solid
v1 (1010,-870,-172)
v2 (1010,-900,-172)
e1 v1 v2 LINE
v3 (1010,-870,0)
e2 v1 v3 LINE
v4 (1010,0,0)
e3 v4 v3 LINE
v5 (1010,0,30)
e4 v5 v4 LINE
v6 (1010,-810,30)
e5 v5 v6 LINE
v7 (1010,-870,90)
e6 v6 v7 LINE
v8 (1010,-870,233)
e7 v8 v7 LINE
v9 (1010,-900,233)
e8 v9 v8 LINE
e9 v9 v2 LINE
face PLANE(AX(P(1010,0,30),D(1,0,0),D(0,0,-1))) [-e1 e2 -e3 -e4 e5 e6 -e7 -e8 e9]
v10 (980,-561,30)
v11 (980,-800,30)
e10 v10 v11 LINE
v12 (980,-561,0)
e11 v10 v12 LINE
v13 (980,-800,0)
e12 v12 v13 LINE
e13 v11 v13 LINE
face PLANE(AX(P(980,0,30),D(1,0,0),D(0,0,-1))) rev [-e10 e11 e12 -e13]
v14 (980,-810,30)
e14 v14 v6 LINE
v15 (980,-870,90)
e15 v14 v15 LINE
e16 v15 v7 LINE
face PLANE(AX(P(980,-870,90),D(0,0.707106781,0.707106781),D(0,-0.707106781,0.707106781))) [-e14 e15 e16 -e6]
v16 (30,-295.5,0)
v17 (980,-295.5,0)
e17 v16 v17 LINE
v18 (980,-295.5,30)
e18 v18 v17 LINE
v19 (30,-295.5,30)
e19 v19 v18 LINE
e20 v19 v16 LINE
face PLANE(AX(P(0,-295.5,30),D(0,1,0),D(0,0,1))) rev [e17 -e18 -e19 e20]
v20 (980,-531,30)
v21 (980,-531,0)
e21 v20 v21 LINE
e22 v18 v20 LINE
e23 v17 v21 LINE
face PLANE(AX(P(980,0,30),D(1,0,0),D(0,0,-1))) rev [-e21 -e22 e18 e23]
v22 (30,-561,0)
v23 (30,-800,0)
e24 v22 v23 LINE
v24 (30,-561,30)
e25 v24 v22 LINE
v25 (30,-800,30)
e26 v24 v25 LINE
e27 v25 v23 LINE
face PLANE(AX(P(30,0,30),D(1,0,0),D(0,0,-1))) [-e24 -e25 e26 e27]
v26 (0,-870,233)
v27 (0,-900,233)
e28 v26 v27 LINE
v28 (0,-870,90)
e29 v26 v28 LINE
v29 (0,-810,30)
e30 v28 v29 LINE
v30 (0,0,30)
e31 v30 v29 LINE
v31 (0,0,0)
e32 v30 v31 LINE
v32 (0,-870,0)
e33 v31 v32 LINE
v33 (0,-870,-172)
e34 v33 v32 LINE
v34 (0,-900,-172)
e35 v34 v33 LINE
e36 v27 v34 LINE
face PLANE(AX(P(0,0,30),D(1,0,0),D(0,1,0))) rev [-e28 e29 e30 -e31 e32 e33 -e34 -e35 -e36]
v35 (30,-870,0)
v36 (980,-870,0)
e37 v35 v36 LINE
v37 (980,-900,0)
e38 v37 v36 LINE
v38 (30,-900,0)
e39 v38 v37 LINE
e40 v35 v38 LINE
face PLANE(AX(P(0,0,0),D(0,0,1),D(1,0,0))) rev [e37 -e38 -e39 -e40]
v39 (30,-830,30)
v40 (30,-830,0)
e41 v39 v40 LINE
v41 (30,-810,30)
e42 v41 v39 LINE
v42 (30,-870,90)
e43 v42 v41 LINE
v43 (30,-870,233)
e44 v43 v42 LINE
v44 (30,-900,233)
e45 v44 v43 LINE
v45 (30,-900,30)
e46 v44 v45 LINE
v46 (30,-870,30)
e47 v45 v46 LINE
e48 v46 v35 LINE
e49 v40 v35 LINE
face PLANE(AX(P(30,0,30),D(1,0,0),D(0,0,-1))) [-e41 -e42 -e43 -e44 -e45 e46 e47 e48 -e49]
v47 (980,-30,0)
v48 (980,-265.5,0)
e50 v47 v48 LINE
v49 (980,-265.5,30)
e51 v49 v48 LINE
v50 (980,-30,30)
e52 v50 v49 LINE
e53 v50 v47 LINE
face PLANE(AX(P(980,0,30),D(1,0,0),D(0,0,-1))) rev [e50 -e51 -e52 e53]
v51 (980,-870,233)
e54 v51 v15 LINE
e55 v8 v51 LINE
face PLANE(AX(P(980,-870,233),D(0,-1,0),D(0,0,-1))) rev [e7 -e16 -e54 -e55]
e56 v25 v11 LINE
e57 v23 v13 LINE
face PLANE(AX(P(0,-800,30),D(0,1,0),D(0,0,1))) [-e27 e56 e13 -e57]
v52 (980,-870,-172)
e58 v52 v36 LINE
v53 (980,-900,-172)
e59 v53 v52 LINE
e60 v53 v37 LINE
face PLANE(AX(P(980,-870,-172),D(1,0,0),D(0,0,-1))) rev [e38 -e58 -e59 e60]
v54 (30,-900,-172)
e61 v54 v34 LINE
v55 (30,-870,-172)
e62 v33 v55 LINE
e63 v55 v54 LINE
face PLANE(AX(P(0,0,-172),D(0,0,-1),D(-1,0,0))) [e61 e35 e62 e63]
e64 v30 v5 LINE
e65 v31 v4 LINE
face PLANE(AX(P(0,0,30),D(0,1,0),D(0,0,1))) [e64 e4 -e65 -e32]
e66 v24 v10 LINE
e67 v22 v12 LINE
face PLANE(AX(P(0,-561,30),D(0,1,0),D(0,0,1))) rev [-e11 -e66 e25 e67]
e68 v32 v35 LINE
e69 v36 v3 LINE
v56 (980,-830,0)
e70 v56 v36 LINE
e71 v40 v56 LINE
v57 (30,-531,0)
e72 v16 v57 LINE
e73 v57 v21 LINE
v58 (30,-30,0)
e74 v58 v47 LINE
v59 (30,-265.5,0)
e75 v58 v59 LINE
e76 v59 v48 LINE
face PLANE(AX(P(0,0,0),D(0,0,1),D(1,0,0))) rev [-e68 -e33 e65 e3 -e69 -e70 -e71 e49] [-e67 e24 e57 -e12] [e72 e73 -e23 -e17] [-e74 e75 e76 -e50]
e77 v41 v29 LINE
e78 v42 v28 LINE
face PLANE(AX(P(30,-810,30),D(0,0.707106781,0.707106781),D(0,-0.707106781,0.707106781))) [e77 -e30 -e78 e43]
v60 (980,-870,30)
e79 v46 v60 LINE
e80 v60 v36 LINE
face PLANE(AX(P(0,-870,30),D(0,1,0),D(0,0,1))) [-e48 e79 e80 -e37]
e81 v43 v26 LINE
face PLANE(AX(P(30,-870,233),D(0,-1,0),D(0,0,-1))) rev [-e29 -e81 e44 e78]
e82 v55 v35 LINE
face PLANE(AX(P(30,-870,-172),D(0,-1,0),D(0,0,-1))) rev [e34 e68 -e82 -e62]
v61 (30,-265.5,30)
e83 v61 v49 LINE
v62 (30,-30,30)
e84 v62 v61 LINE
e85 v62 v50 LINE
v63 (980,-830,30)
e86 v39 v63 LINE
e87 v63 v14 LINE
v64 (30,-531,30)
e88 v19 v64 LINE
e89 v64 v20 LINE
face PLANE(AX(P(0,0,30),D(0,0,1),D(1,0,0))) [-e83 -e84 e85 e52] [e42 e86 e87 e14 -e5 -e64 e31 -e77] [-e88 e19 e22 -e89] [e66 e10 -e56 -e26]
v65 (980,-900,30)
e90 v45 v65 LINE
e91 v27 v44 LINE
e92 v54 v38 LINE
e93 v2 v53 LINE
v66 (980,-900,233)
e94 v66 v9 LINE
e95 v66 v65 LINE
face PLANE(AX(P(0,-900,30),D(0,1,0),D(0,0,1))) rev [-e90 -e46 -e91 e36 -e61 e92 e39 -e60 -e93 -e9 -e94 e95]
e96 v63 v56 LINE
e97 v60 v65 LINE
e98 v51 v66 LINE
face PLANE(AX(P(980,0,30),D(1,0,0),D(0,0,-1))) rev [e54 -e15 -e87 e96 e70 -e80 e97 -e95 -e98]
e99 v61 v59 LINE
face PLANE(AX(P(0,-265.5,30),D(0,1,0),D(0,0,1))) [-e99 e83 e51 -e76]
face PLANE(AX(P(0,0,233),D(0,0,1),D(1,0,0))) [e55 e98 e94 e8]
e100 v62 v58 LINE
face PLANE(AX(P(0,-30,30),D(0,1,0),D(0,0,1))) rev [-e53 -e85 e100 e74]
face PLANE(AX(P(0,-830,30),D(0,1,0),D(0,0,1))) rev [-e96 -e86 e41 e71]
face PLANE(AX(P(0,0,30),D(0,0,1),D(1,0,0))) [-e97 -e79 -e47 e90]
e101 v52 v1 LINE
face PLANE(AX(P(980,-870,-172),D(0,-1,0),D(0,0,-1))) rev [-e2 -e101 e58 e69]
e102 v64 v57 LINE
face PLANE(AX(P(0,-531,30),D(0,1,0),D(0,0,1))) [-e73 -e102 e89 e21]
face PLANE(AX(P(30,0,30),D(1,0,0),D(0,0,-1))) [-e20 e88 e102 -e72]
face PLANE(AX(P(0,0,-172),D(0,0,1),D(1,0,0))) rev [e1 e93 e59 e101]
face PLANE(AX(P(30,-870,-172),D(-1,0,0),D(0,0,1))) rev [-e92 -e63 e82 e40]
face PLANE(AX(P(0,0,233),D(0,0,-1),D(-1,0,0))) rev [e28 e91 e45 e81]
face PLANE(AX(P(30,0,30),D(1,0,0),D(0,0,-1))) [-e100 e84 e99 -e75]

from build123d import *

# Parameters (mm, degrees)
SKETCH1_W           = 1010
SKETCH1_H           = 900
SKETCH1_W_2         = 950
SKETCH1_H_2         = 840
SKETCH1_H_3         = 30
BOSS_EXTRUDE1_DEPTH = 30
SKETCH2_W           = 30
SKETCH2_H           = 30
BOSS_EXTRUDE2_DEPTH = 203
SKETCH3_W           = 30
SKETCH3_H           = 30
BOSS_EXTRUDE3_DEPTH = 172
BOSS_EXTRUDE4_DEPTH = 30
BOSS_EXTRUDE5_DEPTH = 30


with BuildPart() as part:
    # Sketch1 → Boss-Extrude1 (new body)
    # profile 1 of 4: a face of its own
    with BuildSketch(Plane.XY):
        with Locations((505, -450)):
            Rectangle(SKETCH1_W, SKETCH1_H)
        with Locations((505, -450)):
            Rectangle(SKETCH1_W_2, SKETCH1_H_2, mode=Mode.SUBTRACT)
    # profile 2 of 4: a face of its own
    with BuildSketch(Plane.XY):
        with Locations((505, -815)):
            Rectangle(SKETCH1_W_2, SKETCH1_H_3)
    # profile 3 of 4: a face of its own
    with BuildSketch(Plane.XY):
        with Locations((505, -546)):
            Rectangle(SKETCH1_W_2, SKETCH1_H_3)
    # profile 4 of 4: a face of its own
    with BuildSketch(Plane.XY):
        with Locations((505, -280.5)):
            Rectangle(SKETCH1_W_2, SKETCH1_H_3)
    extrude(amount=BOSS_EXTRUDE1_DEPTH)

    # Sketch2 → Boss-Extrude2 (add)
    with BuildSketch(Plane.XY.offset(30)):
        with Locations((15, -885)):
            Rectangle(SKETCH2_W, SKETCH2_H)
        with Locations((995, -885)):
            Rectangle(SKETCH2_W, SKETCH2_H)
    extrude(amount=BOSS_EXTRUDE2_DEPTH)

    # Sketch3 → Boss-Extrude3 (add)
    with BuildSketch(Plane(origin=(0, 0, 0), x_dir=(-1, 0, 0), z_dir=(0, 0, -1))):
        with Locations((-15, -885)):
            Rectangle(SKETCH3_W, SKETCH3_H)
        with Locations((-995, -885)):
            Rectangle(SKETCH3_W, SKETCH3_H)
    extrude(amount=BOSS_EXTRUDE3_DEPTH)

    # Sketch4 → Boss-Extrude4 (add)
    with BuildSketch(Plane.ZY):
        Polygon((30, -810), (90, -870), (30, -870), align=None)
    extrude(amount=-BOSS_EXTRUDE4_DEPTH)

    # Sketch5 → Boss-Extrude5 (add)
    with BuildSketch(Plane(origin=(1010, 0, 0), x_dir=(0, 0, -1), z_dir=(1, 0, 0))):
        Polygon((-30, -810), (-30, -870), (-90, -870), align=None)
    extrude(amount=-BOSS_EXTRUDE5_DEPTH)


solid = part.part
